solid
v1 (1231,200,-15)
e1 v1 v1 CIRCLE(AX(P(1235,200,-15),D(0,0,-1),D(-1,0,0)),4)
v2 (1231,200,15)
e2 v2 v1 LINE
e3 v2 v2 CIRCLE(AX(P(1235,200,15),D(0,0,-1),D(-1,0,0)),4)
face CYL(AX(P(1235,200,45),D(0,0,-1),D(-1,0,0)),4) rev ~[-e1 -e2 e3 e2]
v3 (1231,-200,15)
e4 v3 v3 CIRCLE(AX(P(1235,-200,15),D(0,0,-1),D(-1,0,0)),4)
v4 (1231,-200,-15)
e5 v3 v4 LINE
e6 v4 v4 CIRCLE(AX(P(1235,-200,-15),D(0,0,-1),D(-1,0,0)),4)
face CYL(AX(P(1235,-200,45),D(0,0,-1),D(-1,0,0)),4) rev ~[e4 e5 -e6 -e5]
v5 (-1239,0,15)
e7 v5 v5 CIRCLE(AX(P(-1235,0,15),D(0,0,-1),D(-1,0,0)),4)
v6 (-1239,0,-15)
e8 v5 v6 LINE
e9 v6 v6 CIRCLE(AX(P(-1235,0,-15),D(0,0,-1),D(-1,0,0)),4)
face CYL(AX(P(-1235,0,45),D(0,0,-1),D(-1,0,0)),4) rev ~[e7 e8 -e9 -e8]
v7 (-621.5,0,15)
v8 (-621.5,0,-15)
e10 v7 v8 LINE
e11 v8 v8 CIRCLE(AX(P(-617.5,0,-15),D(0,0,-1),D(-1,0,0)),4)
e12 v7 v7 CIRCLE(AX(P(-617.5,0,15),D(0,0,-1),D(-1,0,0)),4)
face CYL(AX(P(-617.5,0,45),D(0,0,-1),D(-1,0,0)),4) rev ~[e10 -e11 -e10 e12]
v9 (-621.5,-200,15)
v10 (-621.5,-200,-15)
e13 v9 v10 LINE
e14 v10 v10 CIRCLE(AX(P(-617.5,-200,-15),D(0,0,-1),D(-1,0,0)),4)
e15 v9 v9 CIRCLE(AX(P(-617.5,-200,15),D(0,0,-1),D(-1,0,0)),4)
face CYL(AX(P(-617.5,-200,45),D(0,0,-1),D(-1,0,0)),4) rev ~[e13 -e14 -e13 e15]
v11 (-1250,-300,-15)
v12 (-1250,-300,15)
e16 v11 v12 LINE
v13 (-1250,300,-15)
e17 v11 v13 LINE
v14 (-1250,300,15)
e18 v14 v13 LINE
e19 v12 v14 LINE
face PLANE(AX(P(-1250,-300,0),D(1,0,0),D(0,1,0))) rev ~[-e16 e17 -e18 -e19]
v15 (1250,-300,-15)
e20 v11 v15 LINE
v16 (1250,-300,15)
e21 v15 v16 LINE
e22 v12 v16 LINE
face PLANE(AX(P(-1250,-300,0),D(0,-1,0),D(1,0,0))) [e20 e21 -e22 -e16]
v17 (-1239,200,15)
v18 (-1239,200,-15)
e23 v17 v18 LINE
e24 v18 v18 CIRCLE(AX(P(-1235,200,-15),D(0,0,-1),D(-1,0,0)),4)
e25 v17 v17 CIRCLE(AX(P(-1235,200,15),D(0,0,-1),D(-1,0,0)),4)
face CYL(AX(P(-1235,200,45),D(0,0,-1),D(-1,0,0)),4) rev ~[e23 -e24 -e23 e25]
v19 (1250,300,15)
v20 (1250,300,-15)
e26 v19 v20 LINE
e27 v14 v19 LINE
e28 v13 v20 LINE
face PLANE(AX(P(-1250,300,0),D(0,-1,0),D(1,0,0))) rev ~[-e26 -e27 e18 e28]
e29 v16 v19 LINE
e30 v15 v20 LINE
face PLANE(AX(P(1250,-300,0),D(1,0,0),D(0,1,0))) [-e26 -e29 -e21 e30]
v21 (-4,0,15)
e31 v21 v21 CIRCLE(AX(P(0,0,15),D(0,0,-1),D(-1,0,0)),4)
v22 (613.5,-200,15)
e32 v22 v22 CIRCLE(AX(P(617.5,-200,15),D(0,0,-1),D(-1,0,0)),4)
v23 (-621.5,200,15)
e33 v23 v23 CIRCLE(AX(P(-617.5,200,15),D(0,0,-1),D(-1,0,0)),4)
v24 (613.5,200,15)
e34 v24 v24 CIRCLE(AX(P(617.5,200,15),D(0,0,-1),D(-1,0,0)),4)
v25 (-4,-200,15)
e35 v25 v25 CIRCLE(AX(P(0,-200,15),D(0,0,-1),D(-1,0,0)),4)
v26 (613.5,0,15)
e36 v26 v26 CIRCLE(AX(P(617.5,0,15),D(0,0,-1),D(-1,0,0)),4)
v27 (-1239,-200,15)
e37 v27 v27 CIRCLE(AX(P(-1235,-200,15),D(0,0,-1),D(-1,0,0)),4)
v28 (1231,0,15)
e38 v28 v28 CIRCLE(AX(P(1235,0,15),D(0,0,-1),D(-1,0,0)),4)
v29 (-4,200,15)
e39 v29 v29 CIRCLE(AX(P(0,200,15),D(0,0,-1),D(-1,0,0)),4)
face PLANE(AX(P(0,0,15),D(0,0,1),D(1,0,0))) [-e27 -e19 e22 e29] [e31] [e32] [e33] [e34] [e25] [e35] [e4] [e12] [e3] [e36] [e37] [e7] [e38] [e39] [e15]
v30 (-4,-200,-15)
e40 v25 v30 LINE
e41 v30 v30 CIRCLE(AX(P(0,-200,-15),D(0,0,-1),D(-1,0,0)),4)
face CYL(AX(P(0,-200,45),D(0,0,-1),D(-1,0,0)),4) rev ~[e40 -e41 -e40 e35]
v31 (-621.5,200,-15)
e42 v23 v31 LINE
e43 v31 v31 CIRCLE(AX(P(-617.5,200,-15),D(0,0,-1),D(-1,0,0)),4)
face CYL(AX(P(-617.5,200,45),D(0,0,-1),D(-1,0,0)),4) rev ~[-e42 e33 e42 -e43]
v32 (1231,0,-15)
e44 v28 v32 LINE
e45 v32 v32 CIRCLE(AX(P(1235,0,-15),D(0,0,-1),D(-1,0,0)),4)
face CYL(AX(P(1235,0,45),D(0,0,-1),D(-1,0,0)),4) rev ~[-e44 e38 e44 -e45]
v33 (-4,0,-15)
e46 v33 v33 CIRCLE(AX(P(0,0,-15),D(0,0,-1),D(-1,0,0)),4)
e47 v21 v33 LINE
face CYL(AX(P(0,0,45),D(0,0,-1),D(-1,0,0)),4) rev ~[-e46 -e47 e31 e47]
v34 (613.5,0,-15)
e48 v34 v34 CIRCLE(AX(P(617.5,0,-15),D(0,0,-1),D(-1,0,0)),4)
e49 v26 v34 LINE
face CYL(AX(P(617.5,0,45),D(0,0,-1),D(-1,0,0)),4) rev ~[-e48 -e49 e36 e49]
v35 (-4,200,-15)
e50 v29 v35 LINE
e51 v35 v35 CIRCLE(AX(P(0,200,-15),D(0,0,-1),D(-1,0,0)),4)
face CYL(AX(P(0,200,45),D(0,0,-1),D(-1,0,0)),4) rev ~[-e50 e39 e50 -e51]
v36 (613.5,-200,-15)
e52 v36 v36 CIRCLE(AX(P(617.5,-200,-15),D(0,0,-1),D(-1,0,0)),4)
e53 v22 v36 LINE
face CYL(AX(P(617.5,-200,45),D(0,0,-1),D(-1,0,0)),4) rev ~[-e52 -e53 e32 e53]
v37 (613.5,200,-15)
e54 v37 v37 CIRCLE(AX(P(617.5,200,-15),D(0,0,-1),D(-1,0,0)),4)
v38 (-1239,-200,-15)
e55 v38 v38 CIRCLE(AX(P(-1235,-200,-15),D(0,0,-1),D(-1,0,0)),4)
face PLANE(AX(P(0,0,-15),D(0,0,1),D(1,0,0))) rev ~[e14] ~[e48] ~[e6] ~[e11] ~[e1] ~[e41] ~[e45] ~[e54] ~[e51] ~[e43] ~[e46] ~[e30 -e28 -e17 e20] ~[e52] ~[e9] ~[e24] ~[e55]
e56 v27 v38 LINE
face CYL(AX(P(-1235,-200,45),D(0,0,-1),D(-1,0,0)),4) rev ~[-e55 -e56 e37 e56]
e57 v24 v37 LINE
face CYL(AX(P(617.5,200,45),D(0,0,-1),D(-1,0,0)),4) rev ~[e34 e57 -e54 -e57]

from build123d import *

# Parameters (mm, degrees)
F0_W     = 2500
F0_H     = 600
F1_DEPTH = 15
F3_D     = 8
F3_DEPTH = 30


with BuildPart() as f1:
    # F0 (on Top) → F1 (new body, symmetric)
    with BuildSketch(Plane.XY):
        Rectangle(F0_W, F0_H)
    extrude(amount=F1_DEPTH, both=True)

    # F3
    with Locations(Plane.XY.offset(15)):
        with Locations((-1235, 200), (-1235, 0), (-1235, -200), (-617.5, 200), (-617.5, 0), (-617.5, -200), (0, 200), (0, 0), (0, -200), (617.5, 200), (617.5, 0), (1235, 200), (1235, 0), (1235, -200), (617.5, -200)):
            Hole(F3_D / 2, depth=F3_DEPTH)


solid = f1.part
